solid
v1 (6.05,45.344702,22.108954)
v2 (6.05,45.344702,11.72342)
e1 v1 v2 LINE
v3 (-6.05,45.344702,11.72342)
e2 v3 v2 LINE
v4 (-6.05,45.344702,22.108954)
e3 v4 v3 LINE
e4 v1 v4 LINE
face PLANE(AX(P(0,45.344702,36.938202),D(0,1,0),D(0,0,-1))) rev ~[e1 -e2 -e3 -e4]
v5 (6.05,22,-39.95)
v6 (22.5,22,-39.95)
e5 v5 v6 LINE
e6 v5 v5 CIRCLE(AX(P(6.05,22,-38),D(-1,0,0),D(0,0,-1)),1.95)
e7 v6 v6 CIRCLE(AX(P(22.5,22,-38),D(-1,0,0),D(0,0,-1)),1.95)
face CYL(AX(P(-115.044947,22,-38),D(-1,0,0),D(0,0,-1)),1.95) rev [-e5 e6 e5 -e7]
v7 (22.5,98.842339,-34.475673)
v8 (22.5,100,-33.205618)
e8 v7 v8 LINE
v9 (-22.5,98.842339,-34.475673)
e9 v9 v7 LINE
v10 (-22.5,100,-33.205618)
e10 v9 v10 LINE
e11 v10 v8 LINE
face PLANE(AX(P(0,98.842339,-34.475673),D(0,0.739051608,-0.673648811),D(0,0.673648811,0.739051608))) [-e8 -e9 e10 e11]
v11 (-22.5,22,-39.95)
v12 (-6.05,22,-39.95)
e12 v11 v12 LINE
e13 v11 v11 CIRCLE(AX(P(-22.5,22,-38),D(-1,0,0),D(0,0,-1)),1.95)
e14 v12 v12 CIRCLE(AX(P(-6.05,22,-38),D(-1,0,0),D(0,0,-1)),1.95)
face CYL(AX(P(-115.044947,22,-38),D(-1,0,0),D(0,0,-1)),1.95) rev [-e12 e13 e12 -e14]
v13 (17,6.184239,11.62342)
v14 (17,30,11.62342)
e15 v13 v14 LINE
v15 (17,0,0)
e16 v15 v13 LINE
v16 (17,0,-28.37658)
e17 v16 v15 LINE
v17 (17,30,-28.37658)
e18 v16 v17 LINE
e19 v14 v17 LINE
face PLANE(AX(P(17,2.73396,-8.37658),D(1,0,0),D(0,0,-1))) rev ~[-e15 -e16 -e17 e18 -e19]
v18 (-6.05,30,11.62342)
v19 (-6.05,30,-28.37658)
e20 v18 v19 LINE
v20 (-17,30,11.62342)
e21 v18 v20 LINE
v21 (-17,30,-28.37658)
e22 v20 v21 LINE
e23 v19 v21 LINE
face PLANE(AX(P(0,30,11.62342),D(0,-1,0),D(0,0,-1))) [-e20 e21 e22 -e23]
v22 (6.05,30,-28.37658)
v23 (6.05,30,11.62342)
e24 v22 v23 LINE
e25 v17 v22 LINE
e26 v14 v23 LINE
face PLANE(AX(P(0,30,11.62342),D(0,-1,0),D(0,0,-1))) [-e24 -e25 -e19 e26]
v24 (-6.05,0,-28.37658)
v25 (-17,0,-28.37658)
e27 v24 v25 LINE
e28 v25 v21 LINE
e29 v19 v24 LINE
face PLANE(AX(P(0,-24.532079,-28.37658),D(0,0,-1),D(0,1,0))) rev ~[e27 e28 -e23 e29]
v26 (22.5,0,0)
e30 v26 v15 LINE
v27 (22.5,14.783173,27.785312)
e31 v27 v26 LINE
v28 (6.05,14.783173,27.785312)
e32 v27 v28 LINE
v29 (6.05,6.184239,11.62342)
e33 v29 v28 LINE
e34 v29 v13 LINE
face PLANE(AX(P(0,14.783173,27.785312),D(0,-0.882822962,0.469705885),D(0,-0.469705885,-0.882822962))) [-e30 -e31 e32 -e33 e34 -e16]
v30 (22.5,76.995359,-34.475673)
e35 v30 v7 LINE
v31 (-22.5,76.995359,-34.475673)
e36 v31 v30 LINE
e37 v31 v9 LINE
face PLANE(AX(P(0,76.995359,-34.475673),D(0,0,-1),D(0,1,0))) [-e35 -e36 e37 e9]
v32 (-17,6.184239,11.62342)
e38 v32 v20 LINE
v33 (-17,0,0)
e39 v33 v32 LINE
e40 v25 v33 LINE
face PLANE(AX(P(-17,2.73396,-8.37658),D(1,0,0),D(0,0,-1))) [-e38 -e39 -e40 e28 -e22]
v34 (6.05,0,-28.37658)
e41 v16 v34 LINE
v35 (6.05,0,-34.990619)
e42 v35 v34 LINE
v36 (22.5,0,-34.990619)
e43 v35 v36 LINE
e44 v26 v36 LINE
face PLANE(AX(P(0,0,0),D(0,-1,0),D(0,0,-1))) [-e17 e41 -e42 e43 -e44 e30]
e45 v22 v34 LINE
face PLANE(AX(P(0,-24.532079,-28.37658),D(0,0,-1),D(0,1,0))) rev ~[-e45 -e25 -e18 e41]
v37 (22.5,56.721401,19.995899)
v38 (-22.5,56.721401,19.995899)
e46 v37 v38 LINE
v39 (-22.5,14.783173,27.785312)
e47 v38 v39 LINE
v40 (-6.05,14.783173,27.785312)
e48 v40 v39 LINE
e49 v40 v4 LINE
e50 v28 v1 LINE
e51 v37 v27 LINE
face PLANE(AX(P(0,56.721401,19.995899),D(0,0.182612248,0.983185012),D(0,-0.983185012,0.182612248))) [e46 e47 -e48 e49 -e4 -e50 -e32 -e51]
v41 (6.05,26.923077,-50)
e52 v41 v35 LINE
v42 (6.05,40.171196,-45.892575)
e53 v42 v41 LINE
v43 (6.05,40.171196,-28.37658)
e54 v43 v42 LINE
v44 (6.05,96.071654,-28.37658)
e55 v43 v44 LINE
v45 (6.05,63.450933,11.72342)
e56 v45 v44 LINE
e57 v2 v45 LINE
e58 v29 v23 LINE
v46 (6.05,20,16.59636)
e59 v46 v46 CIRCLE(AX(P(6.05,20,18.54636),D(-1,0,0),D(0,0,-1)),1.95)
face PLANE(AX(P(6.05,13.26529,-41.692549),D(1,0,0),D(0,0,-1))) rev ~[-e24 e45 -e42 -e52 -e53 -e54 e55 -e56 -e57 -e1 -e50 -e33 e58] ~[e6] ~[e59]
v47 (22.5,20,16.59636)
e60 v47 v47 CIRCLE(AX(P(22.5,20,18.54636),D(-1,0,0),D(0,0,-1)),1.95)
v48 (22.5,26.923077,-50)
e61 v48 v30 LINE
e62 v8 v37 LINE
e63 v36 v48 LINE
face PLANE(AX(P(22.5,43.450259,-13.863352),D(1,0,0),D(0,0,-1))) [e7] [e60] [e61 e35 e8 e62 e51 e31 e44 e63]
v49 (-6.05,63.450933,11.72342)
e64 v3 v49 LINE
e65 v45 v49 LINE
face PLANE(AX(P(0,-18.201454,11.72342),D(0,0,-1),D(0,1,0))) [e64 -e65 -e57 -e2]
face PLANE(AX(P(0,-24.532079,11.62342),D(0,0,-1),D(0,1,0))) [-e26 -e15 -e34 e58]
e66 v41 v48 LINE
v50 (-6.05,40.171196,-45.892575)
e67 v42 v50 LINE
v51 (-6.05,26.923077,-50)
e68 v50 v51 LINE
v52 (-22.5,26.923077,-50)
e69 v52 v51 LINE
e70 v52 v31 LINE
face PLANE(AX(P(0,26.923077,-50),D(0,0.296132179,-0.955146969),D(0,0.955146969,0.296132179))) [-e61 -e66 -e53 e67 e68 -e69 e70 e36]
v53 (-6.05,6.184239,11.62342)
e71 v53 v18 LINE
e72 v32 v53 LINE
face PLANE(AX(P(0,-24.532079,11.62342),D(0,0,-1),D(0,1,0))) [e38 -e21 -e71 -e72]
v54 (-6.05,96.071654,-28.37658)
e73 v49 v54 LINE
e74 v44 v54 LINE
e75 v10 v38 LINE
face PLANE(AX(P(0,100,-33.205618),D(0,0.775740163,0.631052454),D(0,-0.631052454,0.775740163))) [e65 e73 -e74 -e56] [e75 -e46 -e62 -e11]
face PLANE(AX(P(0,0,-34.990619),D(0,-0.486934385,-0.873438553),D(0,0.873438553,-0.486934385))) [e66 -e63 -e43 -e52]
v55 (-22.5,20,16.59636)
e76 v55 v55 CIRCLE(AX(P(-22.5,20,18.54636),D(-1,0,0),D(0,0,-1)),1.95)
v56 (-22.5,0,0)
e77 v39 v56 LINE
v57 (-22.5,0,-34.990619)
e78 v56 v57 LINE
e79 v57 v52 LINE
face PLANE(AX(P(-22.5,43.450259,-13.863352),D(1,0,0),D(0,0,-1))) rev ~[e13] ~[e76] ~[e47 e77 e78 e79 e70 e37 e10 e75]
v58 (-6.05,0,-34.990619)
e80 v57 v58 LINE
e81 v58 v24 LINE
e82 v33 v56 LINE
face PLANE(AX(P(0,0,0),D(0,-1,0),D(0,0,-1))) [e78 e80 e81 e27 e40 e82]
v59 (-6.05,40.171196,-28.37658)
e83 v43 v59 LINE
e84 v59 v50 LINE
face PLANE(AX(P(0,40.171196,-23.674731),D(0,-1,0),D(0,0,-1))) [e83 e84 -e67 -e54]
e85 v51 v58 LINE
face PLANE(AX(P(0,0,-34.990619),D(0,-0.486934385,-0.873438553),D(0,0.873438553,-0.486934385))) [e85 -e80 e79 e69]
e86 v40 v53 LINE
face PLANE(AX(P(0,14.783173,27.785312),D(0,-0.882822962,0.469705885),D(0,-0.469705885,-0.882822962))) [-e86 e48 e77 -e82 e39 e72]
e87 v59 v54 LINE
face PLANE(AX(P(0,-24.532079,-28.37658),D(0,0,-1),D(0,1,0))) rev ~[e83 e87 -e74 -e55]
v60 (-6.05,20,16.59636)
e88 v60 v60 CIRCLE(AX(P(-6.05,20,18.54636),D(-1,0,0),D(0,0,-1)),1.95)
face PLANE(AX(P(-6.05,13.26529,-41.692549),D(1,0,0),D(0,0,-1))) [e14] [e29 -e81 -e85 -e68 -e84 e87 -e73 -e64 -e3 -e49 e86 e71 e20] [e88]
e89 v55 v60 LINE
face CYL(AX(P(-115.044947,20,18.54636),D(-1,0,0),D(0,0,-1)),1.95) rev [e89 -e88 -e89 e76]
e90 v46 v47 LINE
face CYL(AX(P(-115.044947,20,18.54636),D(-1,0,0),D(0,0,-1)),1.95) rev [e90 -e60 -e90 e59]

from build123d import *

# Parameters (mm, degrees)
EXTRUDE_1_DEPTH          = 22.5
SKETCH_2_W               = 40.1
SKETCH_2_H               = 134.948718637
CUT_EXTRUDE_1_DEPTH      = 6.05
SKETCH_3_W               = 40
SKETCH_3_H               = 54.532079191
CUT_EXTRUDE_2_DEPTH      = 17
CUT_EXTRUDE_3_DEPTH      = 115.04494728
CUT_EXTRUDE_3_DEPTH_BACK = 115.04494728
SKETCH_4_R               = 1.95
SKETCH_5_W               = 28.894932664
SKETCH_5_H               = 60.313820621
SKETCH_5_W_2             = 36.035634414
SKETCH_5_H_2             = 53.811811248
CUT_EXTRUDE_4_DEPTH      = 6.05


with BuildPart() as part:
    # 스케치1 → 보스-돌출1 (new, symmetric)
    with BuildSketch(Plane(origin=(0, 0, 0), x_dir=(0, 0, -1), z_dir=(1, 0, 0))):
        Polygon((0, 0), (34.990619137, 0), (50, 26.923076923), (34.47567302, 76.995358537), (34.47567302, 98.842339146), (33.205617909, 100), (-19.995898679, 56.72140075), (-27.785311637, 14.783172795), align=None)
    extrude(amount=EXTRUDE_1_DEPTH, both=True)

    # 스케치2 → 컷-돌출1 (cut, symmetric)
    with BuildSketch(Plane(origin=(0, 0, 0), x_dir=(0, 0, -1), z_dir=(1, 0, 0))):
        with Locations((8.32658036, 49.272905611)):
            Rectangle(SKETCH_2_W, SKETCH_2_H)
    extrude(amount=CUT_EXTRUDE_1_DEPTH, both=True, mode=Mode.SUBTRACT)

    # 스케치3 → 컷-돌출2 (cut, symmetric)
    with BuildSketch(Plane(origin=(0, 0, 0), x_dir=(0, 0, -1), z_dir=(1, 0, 0))):
        with Locations((8.37658036, 2.733960405)):
            Rectangle(SKETCH_3_W, SKETCH_3_H)
    extrude(amount=CUT_EXTRUDE_2_DEPTH, both=True, mode=Mode.SUBTRACT)

    # 스케치4 → 컷-돌출3 (cut, two sides: drawn at the far end of the back side and taken through both)
    with BuildSketch(Plane(origin=(0, 0, 0), x_dir=(0, 0, -1), z_dir=(1, 0, 0)).offset(-CUT_EXTRUDE_3_DEPTH_BACK)):
        with Locations((-18.546360236, 20)):
            Circle(SKETCH_4_R)
        with Locations((38, 22)):
            Circle(SKETCH_4_R)
    extrude(amount=CUT_EXTRUDE_3_DEPTH + CUT_EXTRUDE_3_DEPTH_BACK, mode=Mode.SUBTRACT)

    # 스케치5 → 컷-돌출4 (cut, symmetric)
    with BuildSketch(Plane(origin=(0, 0, 0), x_dir=(0, 0, -1), z_dir=(1, 0, 0))):
        with Locations((-22.490735836, 15.187792046)):
            Rectangle(SKETCH_5_W, SKETCH_5_H)
        with Locations((41.692548501, 13.265290011)):
            Rectangle(SKETCH_5_W_2, SKETCH_5_H_2)
    extrude(amount=CUT_EXTRUDE_4_DEPTH, both=True, mode=Mode.SUBTRACT)


solid = part.part
